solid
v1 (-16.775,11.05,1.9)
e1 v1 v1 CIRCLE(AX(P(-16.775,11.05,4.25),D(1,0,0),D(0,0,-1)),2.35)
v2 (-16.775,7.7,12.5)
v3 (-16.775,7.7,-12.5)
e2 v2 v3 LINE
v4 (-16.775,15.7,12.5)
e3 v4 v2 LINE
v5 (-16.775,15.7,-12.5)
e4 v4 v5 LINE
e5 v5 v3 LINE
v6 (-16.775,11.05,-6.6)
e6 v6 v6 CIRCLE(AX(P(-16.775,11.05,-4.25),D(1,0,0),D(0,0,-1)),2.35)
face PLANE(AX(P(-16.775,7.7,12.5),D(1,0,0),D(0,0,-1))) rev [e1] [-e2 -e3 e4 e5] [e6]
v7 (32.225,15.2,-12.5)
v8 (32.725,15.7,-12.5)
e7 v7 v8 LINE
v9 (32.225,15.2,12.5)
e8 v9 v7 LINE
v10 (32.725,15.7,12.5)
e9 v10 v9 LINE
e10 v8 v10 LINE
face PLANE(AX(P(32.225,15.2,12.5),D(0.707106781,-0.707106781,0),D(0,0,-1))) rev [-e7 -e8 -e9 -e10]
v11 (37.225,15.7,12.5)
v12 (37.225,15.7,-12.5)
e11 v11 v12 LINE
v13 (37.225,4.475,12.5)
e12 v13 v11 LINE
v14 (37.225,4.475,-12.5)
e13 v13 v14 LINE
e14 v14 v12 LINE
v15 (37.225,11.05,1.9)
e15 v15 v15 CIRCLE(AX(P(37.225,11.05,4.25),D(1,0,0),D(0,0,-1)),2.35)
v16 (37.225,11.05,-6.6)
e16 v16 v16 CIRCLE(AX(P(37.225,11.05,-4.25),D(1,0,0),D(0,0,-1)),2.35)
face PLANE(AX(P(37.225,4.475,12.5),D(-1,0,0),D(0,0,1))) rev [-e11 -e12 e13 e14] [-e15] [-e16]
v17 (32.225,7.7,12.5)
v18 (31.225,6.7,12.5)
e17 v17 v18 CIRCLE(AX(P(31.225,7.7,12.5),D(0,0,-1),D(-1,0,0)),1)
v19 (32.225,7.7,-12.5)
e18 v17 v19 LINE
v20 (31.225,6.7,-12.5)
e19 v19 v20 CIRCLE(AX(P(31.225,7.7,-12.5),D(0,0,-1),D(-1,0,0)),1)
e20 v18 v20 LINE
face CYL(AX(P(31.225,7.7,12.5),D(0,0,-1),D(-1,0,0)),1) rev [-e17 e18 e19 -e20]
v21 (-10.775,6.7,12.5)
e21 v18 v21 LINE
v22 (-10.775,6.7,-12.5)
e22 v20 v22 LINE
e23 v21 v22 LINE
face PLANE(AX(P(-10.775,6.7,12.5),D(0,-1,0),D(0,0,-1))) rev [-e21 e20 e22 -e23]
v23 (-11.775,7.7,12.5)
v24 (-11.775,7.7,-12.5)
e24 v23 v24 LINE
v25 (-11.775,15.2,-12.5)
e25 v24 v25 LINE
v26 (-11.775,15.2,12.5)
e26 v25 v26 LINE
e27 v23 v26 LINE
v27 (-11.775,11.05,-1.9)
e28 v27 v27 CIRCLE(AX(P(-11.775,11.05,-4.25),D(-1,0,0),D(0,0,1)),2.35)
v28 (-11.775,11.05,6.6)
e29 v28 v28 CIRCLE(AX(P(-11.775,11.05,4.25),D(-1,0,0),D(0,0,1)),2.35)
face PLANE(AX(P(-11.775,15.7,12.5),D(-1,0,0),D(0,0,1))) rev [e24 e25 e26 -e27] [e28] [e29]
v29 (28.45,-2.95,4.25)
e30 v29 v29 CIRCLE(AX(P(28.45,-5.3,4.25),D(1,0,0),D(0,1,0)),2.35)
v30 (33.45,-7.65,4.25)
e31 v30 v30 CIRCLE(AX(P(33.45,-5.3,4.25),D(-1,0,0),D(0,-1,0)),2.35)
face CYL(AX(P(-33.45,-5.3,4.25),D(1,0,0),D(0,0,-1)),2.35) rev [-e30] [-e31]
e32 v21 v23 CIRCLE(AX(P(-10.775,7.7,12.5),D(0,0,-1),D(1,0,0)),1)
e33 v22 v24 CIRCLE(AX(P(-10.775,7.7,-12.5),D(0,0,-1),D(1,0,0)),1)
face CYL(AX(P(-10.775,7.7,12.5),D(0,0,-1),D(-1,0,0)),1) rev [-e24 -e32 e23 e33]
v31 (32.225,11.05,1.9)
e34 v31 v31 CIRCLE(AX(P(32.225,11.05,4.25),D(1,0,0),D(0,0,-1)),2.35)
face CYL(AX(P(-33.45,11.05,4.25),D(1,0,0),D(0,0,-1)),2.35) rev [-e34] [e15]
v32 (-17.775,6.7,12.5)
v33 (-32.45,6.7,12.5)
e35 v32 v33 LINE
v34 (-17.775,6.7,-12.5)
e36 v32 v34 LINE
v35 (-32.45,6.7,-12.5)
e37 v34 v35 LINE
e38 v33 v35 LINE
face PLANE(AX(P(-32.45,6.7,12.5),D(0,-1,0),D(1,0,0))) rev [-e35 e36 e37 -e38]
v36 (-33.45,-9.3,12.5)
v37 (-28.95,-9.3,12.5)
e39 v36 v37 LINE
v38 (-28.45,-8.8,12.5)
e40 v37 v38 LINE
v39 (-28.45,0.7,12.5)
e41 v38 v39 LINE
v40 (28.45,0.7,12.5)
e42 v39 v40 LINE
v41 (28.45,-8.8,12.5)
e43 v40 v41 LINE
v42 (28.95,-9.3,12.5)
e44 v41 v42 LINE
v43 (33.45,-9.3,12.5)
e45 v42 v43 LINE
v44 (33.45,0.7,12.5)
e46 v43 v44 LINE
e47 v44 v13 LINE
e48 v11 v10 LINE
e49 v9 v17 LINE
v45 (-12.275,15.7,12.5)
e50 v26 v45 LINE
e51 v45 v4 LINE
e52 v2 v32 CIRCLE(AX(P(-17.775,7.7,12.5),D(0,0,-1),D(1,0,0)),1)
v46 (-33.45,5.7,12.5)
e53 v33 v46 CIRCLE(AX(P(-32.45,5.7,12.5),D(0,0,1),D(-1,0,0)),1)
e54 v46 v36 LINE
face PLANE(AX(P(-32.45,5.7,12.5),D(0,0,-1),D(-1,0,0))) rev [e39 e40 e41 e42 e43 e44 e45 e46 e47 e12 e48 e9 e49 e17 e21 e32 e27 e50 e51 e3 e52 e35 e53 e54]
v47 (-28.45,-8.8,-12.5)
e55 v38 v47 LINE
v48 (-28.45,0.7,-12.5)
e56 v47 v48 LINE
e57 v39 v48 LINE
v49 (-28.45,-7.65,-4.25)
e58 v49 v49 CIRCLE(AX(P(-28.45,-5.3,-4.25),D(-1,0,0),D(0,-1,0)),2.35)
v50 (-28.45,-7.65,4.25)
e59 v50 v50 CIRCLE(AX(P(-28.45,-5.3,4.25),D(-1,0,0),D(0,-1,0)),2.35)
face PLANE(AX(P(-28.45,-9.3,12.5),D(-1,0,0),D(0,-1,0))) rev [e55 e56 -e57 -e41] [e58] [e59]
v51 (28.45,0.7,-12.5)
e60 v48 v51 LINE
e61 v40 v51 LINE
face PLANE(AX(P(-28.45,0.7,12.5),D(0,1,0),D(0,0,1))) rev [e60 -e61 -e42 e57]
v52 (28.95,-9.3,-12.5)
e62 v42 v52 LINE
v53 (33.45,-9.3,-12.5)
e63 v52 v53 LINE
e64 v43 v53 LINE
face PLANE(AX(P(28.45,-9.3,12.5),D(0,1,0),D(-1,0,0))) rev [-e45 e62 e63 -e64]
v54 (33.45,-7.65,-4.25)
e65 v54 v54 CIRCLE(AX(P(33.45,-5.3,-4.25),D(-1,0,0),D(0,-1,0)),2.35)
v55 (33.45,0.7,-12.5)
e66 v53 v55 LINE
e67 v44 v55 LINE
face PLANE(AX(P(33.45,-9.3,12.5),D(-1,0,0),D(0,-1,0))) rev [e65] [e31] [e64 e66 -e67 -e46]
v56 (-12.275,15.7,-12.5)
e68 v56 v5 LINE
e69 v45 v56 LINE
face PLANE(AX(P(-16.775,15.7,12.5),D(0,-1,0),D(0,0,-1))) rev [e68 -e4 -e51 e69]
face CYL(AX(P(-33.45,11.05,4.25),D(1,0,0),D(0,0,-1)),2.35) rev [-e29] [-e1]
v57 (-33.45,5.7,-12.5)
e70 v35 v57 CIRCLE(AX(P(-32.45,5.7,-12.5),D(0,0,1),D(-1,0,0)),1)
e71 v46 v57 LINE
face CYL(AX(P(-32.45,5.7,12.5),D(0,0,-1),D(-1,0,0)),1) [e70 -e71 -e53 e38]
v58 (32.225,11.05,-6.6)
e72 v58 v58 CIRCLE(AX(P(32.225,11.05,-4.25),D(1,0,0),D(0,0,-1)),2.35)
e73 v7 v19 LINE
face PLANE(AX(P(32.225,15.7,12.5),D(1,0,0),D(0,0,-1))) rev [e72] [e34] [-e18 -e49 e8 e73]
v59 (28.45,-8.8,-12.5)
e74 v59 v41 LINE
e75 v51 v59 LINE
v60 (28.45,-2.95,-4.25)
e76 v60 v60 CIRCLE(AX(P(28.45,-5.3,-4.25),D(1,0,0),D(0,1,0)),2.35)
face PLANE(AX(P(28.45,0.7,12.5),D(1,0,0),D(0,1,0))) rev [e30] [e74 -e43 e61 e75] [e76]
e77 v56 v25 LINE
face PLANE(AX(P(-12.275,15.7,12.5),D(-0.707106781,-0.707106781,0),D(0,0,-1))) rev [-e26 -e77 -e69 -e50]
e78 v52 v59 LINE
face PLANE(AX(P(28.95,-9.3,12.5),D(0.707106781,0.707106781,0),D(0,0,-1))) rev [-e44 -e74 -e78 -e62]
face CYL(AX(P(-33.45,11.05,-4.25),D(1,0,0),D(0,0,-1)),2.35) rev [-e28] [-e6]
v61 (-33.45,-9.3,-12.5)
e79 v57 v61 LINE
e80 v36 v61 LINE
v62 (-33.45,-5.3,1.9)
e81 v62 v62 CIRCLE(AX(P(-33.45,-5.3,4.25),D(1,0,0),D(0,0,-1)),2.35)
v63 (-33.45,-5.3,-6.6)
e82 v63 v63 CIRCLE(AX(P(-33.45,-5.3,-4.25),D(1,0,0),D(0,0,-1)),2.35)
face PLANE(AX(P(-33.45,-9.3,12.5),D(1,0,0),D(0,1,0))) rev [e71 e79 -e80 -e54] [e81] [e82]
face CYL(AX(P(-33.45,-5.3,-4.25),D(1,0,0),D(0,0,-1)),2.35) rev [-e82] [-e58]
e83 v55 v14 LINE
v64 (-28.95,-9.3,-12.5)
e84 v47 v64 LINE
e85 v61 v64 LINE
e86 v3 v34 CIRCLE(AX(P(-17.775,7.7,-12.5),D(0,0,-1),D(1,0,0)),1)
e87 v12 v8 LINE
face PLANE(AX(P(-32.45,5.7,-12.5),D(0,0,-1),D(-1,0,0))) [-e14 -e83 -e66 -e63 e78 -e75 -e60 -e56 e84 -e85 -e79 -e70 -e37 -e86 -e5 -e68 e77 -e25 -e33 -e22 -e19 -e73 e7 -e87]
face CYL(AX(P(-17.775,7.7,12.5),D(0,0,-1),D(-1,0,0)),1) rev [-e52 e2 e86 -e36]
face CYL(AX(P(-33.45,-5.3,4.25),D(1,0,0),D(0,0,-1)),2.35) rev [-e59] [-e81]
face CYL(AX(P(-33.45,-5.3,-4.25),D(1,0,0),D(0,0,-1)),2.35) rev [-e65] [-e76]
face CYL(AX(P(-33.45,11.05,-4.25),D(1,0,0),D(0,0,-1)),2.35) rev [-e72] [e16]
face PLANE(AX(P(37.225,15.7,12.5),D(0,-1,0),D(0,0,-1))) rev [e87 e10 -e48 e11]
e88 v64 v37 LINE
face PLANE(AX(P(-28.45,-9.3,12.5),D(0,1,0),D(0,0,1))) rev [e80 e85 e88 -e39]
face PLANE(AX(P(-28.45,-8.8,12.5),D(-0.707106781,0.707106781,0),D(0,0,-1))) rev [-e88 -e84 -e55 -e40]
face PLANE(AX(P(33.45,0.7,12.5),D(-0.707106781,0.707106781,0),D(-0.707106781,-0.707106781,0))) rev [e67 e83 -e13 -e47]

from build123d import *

# Parameters (mm, degrees)
BOSS_EXTRUDE3_DEPTH     = 12.5
SKETCH6_R               = 2.35
CUT_EXTRUDE1_DEPTH      = 38.225
CUT_EXTRUDE1_DEPTH_BACK = 34.45
CHAMFER1_SIZE           = 0.5


with BuildPart() as part:
    # Sketch5 → Boss-Extrude3 (new body, symmetric)
    with BuildSketch(Plane.XY):
        with BuildLine():
            Line((33.45, 0.7), (37.225, 4.475))
            Line((37.225, 4.475), (37.225, 15.7))
            Line((37.225, 15.7), (32.225, 15.7))
            Line((32.225, 15.7), (32.225, 7.7))
            ThreePointArc((32.225, 7.7), (31.932106781, 6.992893219), (31.225, 6.7))
            Line((31.225, 6.7), (-10.775, 6.7))
            ThreePointArc((-10.775, 6.7), (-11.482106781, 6.992893219), (-11.775, 7.7))
            Line((-11.775, 7.7), (-11.775, 15.7))
            Line((-11.775, 15.7), (-16.775, 15.7))
            Line((-16.775, 15.7), (-16.775, 7.7))
            ThreePointArc((-16.775, 7.7), (-17.067893219, 6.992893219), (-17.775, 6.7))
            Line((-17.775, 6.7), (-32.45, 6.7))
            ThreePointArc((-32.45, 6.7), (-33.157106781, 6.407106781), (-33.45, 5.7))
            Line((-33.45, 5.7), (-33.45, -9.3))
            Line((-33.45, -9.3), (-28.45, -9.3))
            Line((-28.45, -9.3), (-28.45, 0.7))
            Line((-28.45, 0.7), (28.45, 0.7))
            Line((28.45, 0.7), (28.45, -9.3))
            Line((28.45, -9.3), (33.45, -9.3))
            Line((33.45, -9.3), (33.45, 0.7))
        make_face()
    extrude(amount=BOSS_EXTRUDE3_DEPTH, both=True)

    # Sketch6 → Cut-Extrude1 (cut, two sides)
    with BuildSketch(Plane(origin=(0, 0, 0), x_dir=(0, 0, -1), z_dir=(1, 0, 0))) as cut_extrude1_sk:
        with Locations((-4.25, 11.05)):
            Circle(SKETCH6_R)
        with Locations((4.25, 11.05)):
            Circle(SKETCH6_R)
        with Locations((4.25, -5.3)):
            Circle(SKETCH6_R)
        with Locations((-4.25, -5.3)):
            Circle(SKETCH6_R)
    extrude(amount=CUT_EXTRUDE1_DEPTH, mode=Mode.SUBTRACT)
    extrude(cut_extrude1_sk.sketch, amount=-CUT_EXTRUDE1_DEPTH_BACK, mode=Mode.SUBTRACT)

    # Chamfer1
    chamfer1_edges = [part.edges().sort_by_distance(p)[0] for p in [
        (-11.775, 15.7, 0),
        (32.225, 15.7, 0),
        (28.45, -9.3, 0),
        (-28.45, -9.3, 0),
    ]]
    chamfer(chamfer1_edges, length=CHAMFER1_SIZE)


solid = part.part
